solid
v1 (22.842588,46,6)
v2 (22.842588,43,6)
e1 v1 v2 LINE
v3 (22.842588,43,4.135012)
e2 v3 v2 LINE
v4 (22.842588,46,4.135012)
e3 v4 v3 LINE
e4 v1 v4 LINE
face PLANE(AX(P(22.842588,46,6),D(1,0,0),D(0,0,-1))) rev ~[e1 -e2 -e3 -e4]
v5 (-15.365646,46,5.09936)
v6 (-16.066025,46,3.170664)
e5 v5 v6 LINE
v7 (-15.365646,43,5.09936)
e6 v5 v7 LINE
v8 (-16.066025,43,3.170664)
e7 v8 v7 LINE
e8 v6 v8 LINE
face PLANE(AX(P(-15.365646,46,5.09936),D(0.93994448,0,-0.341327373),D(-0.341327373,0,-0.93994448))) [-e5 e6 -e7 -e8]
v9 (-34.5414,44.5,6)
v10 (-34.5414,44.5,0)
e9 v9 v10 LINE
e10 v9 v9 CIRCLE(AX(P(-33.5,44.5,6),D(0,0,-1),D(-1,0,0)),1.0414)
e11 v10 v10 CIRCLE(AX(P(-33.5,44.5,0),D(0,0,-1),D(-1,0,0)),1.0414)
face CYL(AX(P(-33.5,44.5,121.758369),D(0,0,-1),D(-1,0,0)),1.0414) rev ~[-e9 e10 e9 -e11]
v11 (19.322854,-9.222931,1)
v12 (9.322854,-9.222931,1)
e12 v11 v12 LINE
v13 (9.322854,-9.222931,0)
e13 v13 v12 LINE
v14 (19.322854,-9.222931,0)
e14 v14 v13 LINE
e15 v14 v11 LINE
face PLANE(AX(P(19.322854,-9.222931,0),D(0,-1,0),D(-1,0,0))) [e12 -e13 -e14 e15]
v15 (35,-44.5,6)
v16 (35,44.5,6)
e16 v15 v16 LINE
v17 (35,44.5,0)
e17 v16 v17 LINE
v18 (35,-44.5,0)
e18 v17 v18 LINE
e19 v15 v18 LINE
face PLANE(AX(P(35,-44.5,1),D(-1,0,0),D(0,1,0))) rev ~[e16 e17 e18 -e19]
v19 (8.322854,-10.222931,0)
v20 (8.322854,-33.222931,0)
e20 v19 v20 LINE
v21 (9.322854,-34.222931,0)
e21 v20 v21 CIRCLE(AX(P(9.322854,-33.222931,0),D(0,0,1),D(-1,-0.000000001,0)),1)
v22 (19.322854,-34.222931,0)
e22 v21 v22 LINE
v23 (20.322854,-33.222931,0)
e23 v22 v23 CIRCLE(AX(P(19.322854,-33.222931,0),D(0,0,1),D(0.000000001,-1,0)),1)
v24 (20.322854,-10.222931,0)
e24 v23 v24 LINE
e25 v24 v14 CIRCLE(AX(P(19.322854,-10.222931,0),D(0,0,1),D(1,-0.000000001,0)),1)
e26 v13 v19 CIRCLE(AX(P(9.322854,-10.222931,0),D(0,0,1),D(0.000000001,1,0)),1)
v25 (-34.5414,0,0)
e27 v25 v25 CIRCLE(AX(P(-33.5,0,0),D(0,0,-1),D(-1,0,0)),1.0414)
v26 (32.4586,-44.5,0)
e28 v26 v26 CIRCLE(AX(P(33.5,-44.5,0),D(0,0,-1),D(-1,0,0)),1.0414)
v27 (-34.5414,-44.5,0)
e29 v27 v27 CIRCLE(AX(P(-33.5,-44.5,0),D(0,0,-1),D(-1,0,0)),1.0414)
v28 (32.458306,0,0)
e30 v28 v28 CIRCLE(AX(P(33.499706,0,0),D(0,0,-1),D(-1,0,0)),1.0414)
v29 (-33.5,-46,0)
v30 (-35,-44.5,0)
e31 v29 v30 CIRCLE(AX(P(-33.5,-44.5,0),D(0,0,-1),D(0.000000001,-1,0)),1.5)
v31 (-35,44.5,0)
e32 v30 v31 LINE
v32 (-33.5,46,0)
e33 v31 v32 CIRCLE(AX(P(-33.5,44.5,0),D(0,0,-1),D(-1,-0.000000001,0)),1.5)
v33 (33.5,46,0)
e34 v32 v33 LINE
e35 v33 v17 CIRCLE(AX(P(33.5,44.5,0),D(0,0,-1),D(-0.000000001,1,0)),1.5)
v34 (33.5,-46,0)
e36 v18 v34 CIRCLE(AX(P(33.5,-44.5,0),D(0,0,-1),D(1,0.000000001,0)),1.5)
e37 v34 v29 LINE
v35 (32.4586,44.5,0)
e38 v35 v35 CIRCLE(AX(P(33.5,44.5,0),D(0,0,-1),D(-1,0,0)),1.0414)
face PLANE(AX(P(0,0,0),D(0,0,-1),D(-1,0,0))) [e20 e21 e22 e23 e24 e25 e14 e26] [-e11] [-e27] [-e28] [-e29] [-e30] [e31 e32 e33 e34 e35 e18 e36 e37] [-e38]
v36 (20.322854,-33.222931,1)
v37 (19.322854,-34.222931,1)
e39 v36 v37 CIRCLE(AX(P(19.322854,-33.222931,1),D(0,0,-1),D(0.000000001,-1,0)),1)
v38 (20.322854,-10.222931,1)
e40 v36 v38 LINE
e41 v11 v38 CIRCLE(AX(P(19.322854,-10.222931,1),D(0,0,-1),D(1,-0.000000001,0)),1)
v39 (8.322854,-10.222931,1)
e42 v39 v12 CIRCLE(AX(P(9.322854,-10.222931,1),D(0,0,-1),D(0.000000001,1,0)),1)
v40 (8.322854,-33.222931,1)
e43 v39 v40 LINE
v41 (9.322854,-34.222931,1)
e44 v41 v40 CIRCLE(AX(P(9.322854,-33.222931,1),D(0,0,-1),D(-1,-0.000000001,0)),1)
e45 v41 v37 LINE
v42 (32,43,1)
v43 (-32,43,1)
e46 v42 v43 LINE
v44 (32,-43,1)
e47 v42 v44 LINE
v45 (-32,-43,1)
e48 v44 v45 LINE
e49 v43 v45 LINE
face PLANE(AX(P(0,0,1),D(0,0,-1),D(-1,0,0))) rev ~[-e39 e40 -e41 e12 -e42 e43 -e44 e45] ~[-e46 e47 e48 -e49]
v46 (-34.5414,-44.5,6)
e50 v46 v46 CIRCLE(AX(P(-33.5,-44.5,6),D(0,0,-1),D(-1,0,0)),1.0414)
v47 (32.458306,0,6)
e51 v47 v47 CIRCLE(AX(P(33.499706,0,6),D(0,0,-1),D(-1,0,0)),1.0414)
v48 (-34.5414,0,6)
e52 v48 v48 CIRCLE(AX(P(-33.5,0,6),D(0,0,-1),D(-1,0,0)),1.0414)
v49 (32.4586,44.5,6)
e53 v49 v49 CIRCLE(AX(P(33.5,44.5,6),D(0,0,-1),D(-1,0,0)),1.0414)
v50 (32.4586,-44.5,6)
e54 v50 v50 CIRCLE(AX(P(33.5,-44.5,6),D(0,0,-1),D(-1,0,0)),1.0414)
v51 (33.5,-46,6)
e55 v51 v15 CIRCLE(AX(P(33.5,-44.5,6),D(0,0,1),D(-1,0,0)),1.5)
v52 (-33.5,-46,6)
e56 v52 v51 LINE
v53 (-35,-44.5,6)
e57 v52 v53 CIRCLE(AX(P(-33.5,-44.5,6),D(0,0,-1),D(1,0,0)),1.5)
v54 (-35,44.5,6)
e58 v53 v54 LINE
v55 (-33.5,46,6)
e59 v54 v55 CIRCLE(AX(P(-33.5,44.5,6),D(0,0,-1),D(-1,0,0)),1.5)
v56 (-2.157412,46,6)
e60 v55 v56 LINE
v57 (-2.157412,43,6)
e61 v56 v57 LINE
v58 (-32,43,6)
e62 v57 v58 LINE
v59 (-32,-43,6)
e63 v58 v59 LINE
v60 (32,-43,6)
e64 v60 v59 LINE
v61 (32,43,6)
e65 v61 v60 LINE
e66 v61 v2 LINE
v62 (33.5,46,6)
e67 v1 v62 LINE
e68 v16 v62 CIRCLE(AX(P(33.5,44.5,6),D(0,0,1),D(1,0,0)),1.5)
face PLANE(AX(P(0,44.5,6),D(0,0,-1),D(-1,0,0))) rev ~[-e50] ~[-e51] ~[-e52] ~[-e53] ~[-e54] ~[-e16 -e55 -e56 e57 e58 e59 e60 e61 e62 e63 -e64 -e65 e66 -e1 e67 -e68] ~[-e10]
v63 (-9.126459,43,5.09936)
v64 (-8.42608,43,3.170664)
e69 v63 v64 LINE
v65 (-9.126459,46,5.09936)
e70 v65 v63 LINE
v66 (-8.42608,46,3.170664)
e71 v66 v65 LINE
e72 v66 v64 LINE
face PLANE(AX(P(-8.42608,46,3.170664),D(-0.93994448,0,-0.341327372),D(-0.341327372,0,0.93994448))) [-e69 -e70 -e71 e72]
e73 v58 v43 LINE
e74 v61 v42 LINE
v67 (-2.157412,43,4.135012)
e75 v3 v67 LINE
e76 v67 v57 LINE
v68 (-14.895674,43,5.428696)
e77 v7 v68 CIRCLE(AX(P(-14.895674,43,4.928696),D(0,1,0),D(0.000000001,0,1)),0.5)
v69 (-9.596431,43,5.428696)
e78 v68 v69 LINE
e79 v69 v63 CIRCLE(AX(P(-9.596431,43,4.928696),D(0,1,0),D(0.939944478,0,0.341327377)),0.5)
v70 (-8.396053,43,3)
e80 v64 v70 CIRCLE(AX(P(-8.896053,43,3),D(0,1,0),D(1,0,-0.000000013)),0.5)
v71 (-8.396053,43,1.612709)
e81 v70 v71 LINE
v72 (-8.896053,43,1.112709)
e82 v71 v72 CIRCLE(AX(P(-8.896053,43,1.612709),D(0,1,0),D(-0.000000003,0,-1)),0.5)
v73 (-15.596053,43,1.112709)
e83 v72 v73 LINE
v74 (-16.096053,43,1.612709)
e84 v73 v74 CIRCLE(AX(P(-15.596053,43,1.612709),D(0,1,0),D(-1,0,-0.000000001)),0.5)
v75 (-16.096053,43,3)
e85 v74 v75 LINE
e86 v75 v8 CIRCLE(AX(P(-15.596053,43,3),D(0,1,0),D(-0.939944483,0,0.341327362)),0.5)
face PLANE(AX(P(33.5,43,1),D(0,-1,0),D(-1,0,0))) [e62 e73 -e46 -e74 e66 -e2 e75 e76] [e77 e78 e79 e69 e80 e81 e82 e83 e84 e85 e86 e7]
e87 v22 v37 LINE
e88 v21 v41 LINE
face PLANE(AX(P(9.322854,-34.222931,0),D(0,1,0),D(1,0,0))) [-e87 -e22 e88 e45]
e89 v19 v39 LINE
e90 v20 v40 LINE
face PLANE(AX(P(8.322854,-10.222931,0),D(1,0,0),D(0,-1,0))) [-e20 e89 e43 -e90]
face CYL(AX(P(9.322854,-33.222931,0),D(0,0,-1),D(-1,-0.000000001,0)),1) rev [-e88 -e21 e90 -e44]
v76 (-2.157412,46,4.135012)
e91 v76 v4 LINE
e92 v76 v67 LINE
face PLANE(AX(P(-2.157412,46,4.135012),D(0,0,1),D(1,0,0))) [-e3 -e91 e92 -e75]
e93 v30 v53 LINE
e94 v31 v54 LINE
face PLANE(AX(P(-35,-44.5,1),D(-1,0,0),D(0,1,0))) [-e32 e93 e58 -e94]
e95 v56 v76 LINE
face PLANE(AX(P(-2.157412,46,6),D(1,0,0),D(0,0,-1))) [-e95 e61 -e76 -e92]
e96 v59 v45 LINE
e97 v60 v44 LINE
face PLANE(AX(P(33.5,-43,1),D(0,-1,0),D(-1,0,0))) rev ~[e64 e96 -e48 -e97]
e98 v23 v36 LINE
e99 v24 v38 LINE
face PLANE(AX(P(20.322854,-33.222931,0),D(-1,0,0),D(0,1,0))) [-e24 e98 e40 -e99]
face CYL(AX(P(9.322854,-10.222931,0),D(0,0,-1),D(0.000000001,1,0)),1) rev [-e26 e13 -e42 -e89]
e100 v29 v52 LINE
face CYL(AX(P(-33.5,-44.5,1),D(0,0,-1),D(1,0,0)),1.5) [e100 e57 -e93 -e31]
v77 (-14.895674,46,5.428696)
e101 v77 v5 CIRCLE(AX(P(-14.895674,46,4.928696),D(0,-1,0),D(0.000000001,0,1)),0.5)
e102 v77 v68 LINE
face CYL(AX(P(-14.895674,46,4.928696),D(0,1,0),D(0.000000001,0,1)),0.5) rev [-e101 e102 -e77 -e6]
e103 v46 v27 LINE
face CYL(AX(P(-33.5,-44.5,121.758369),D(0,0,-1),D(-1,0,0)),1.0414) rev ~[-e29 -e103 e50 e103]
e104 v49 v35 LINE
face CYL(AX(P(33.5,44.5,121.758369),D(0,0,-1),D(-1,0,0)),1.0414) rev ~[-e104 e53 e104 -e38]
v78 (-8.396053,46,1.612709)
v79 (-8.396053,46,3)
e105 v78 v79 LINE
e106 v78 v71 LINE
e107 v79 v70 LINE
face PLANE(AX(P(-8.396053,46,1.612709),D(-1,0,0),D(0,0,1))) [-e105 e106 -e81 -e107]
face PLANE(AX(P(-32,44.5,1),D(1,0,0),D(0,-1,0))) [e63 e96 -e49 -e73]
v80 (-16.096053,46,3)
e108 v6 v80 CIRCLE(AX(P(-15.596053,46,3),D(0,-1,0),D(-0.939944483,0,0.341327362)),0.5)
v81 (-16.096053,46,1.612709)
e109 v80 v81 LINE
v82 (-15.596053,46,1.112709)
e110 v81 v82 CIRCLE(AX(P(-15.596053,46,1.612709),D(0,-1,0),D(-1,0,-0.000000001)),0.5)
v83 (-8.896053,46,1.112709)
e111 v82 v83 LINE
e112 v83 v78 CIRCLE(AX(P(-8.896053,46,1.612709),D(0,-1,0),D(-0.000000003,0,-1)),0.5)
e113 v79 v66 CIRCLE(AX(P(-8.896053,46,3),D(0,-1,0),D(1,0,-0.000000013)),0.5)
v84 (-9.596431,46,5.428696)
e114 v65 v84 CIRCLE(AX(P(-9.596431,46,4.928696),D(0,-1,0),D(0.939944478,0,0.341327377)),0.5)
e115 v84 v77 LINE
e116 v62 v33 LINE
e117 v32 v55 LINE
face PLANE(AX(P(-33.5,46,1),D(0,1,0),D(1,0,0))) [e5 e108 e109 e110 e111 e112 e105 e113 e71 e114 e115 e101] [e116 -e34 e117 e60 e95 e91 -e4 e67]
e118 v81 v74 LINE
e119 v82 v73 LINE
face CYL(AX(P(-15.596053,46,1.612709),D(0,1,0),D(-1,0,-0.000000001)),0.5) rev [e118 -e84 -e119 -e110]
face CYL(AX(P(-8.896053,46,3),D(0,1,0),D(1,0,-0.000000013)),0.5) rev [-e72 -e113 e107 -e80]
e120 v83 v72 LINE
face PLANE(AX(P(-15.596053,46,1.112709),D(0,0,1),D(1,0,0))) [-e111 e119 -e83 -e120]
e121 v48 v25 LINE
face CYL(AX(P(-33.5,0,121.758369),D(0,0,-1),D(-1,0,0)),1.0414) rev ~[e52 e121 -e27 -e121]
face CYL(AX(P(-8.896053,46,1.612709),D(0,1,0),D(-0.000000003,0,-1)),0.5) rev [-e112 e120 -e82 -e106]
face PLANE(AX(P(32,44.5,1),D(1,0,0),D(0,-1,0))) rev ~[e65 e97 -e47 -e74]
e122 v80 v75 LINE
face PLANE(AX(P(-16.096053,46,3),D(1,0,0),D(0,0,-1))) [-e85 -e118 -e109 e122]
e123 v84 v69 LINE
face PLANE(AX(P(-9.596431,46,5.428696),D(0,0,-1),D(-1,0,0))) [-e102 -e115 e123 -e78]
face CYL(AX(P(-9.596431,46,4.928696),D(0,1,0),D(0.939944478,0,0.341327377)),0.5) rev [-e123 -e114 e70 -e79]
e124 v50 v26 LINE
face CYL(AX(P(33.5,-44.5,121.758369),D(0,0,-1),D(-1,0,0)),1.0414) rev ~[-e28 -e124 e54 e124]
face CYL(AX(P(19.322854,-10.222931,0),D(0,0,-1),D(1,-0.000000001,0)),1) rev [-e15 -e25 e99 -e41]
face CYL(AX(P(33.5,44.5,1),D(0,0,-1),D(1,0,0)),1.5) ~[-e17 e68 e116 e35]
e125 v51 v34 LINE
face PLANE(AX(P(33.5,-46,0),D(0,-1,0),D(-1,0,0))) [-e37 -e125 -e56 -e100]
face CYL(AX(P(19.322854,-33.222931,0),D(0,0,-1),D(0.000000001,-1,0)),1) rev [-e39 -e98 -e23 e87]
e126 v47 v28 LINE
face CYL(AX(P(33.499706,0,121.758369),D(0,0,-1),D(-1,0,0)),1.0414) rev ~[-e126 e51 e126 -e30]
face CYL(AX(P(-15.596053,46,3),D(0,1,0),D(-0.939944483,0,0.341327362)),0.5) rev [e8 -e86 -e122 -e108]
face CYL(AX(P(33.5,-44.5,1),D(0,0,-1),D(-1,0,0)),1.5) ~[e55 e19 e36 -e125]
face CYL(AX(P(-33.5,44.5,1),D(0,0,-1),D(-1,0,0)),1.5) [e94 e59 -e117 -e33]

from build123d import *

# Parameters (mm, degrees)
BOSS_EXTRUDE1_DEPTH       = 1
BOSS_EXTRUDE2_DEPTH       = 5
BOSS_EXTRUDE3_DEPTH       = 5
CUT_EXTRUDE3_DEPTH        = 10
CUT_EXTRUDE2_DEPTH        = 10
TAP_DRILL_FOR_3_56_TAP1_D = 2.0828
SKETCH29_W                = 25
SKETCH29_H                = 1.864988104
CUT_EXTRUDE4_DEPTH        = 10


with BuildPart() as part:
    # Sketch2 → Boss-Extrude1 (new body)
    with BuildSketch(Plane.XY):
        with BuildLine():
            Line((-33.5, 46), (33.5, 46))
            ThreePointArc((33.5, 46), (34.560660172, 45.560660172), (35, 44.5))
            Line((35, 44.5), (35, -44.5))
            ThreePointArc((35, -44.5), (34.560660172, -45.560660172), (33.5, -46))
            Line((33.5, -46), (-33.5, -46))
            ThreePointArc((-33.5, -46), (-34.560660172, -45.560660172), (-35, -44.5))
            Line((-35, -44.5), (-35, 44.5))
            ThreePointArc((-35, 44.5), (-34.560660172, 45.560660172), (-33.5, 46))
        make_face()
    extrude(amount=BOSS_EXTRUDE1_DEPTH)

    # Sketch3 → Boss-Extrude2 (add)
    with BuildSketch(Plane.XY.offset(1)):
        with BuildLine():
            Line((-32, 44.5), (-32, -44.5))
            ThreePointArc((-32, -44.5), (-33.5, -46), (-35, -44.5))
            Line((-35, -44.5), (-35, 44.5))
            ThreePointArc((-35, 44.5), (-33.5, 46), (-32, 44.5))
        make_face()
        with BuildLine():
            Line((32, 44.5), (32, -44.5))
            ThreePointArc((32, -44.5), (33.5, -46), (35, -44.5))
            Line((35, -44.5), (35, 44.5))
            ThreePointArc((35, 44.5), (33.5, 46), (32, 44.5))
        make_face()
    extrude(amount=BOSS_EXTRUDE2_DEPTH)

    # Sketch4 → Boss-Extrude3 (add)
    with BuildSketch(Plane.XY.offset(1)):
        with BuildLine():
            Line((-33.5, 46), (33.5, 46))
            ThreePointArc((33.5, 46), (35, 44.5), (33.5, 43))
            Line((33.5, 43), (-33.5, 43))
            ThreePointArc((-33.5, 43), (-35, 44.5), (-33.5, 46))
        make_face()
        with BuildLine():
            Line((-33.5, -46), (33.5, -46))
            ThreePointArc((33.5, -46), (35, -44.5), (33.5, -43))
            Line((33.5, -43), (-33.5, -43))
            ThreePointArc((-33.5, -43), (-35, -44.5), (-33.5, -46))
        make_face()
    extrude(amount=BOSS_EXTRUDE3_DEPTH)

    # Sketch5 → Cut-Extrude3 (cut)
    with BuildSketch(Plane(origin=(0, 46, 0), x_dir=(1, 0, 0), z_dir=(0, 1, 0))):
        with BuildLine():
            ThreePointArc((-14.89567412, -5.42869642), (-15.182613275, -5.338166714), (-15.36564636, -5.099360107))
            Line((-15.36564636, -5.099360107), (-16.066024836, -3.170663686))
            ThreePointArc((-16.066024836, -3.170663686), (-16.088488439, -3.0866426), (-16.096052596, -3))
            Line((-16.096052596, -3), (-16.096052596, -1.612708973))
            ThreePointArc((-16.096052596, -1.612708973), (-15.949605986, -1.259155582), (-15.596052596, -1.112708973))
            Line((-15.596052596, -1.112708973), (-8.896052596, -1.112708973))
            ThreePointArc((-8.896052596, -1.112708973), (-8.542499205, -1.259155582), (-8.396052596, -1.612708973))
            Line((-8.396052596, -1.612708973), (-8.396052596, -3))
            ThreePointArc((-8.396052596, -3), (-8.403616752, -3.0866426), (-8.426080356, -3.170663686))
            Line((-8.426080356, -3.170663686), (-9.126458831, -5.099360107))
            ThreePointArc((-9.126458831, -5.099360107), (-9.309491917, -5.338166714), (-9.596431071, -5.42869642))
            Line((-9.596431071, -5.42869642), (-14.89567412, -5.42869642))
        make_face()
    extrude(amount=-CUT_EXTRUDE3_DEPTH, mode=Mode.SUBTRACT)

    # Sketch7 → Cut-Extrude2 (cut)
    with BuildSketch(Plane(origin=(0, 0, 0), x_dir=(-1, 0, 0), z_dir=(0, 0, -1))):
        with BuildLine():
            Line((-19.322853535, -9.222931336), (-9.322853535, -9.222931336))
            ThreePointArc((-9.322853535, -9.222931336), (-8.615746754, -9.515824554), (-8.322853535, -10.222931336))
            Line((-8.322853535, -10.222931336), (-8.322853535, -33.222931336))
            ThreePointArc((-8.322853535, -33.222931336), (-8.615746754, -33.930038117), (-9.322853535, -34.222931336))
            Line((-9.322853535, -34.222931336), (-19.322853535, -34.222931336))
            ThreePointArc((-19.322853535, -34.222931336), (-20.029960316, -33.930038117), (-20.322853535, -33.222931336))
            Line((-20.322853535, -33.222931336), (-20.322853535, -10.222931336))
            ThreePointArc((-20.322853535, -10.222931336), (-20.029960316, -9.515824554), (-19.322853535, -9.222931336))
        make_face()
    extrude(amount=-CUT_EXTRUDE2_DEPTH, mode=Mode.SUBTRACT)

    # Tap Drill for #3-56 Tap1 (through all)
    with Locations(Plane.XY.offset(6)):
        with Locations((-33.5, 44.5), (-33.5, 0), (-33.5, -44.5), (33.5, -44.5), (33.499705774, 0), (33.5, 44.5)):
            Hole(TAP_DRILL_FOR_3_56_TAP1_D / 2)

    # Sketch29 → Cut-Extrude4 (cut)
    with BuildSketch(Plane(origin=(0, 46, 0), x_dir=(1, 0, 0), z_dir=(0, 1, 0))):
        with Locations((10.342588325, -5.067505948)):
            Rectangle(SKETCH29_W, SKETCH29_H)
    extrude(amount=-CUT_EXTRUDE4_DEPTH, mode=Mode.SUBTRACT)


solid = part.part
